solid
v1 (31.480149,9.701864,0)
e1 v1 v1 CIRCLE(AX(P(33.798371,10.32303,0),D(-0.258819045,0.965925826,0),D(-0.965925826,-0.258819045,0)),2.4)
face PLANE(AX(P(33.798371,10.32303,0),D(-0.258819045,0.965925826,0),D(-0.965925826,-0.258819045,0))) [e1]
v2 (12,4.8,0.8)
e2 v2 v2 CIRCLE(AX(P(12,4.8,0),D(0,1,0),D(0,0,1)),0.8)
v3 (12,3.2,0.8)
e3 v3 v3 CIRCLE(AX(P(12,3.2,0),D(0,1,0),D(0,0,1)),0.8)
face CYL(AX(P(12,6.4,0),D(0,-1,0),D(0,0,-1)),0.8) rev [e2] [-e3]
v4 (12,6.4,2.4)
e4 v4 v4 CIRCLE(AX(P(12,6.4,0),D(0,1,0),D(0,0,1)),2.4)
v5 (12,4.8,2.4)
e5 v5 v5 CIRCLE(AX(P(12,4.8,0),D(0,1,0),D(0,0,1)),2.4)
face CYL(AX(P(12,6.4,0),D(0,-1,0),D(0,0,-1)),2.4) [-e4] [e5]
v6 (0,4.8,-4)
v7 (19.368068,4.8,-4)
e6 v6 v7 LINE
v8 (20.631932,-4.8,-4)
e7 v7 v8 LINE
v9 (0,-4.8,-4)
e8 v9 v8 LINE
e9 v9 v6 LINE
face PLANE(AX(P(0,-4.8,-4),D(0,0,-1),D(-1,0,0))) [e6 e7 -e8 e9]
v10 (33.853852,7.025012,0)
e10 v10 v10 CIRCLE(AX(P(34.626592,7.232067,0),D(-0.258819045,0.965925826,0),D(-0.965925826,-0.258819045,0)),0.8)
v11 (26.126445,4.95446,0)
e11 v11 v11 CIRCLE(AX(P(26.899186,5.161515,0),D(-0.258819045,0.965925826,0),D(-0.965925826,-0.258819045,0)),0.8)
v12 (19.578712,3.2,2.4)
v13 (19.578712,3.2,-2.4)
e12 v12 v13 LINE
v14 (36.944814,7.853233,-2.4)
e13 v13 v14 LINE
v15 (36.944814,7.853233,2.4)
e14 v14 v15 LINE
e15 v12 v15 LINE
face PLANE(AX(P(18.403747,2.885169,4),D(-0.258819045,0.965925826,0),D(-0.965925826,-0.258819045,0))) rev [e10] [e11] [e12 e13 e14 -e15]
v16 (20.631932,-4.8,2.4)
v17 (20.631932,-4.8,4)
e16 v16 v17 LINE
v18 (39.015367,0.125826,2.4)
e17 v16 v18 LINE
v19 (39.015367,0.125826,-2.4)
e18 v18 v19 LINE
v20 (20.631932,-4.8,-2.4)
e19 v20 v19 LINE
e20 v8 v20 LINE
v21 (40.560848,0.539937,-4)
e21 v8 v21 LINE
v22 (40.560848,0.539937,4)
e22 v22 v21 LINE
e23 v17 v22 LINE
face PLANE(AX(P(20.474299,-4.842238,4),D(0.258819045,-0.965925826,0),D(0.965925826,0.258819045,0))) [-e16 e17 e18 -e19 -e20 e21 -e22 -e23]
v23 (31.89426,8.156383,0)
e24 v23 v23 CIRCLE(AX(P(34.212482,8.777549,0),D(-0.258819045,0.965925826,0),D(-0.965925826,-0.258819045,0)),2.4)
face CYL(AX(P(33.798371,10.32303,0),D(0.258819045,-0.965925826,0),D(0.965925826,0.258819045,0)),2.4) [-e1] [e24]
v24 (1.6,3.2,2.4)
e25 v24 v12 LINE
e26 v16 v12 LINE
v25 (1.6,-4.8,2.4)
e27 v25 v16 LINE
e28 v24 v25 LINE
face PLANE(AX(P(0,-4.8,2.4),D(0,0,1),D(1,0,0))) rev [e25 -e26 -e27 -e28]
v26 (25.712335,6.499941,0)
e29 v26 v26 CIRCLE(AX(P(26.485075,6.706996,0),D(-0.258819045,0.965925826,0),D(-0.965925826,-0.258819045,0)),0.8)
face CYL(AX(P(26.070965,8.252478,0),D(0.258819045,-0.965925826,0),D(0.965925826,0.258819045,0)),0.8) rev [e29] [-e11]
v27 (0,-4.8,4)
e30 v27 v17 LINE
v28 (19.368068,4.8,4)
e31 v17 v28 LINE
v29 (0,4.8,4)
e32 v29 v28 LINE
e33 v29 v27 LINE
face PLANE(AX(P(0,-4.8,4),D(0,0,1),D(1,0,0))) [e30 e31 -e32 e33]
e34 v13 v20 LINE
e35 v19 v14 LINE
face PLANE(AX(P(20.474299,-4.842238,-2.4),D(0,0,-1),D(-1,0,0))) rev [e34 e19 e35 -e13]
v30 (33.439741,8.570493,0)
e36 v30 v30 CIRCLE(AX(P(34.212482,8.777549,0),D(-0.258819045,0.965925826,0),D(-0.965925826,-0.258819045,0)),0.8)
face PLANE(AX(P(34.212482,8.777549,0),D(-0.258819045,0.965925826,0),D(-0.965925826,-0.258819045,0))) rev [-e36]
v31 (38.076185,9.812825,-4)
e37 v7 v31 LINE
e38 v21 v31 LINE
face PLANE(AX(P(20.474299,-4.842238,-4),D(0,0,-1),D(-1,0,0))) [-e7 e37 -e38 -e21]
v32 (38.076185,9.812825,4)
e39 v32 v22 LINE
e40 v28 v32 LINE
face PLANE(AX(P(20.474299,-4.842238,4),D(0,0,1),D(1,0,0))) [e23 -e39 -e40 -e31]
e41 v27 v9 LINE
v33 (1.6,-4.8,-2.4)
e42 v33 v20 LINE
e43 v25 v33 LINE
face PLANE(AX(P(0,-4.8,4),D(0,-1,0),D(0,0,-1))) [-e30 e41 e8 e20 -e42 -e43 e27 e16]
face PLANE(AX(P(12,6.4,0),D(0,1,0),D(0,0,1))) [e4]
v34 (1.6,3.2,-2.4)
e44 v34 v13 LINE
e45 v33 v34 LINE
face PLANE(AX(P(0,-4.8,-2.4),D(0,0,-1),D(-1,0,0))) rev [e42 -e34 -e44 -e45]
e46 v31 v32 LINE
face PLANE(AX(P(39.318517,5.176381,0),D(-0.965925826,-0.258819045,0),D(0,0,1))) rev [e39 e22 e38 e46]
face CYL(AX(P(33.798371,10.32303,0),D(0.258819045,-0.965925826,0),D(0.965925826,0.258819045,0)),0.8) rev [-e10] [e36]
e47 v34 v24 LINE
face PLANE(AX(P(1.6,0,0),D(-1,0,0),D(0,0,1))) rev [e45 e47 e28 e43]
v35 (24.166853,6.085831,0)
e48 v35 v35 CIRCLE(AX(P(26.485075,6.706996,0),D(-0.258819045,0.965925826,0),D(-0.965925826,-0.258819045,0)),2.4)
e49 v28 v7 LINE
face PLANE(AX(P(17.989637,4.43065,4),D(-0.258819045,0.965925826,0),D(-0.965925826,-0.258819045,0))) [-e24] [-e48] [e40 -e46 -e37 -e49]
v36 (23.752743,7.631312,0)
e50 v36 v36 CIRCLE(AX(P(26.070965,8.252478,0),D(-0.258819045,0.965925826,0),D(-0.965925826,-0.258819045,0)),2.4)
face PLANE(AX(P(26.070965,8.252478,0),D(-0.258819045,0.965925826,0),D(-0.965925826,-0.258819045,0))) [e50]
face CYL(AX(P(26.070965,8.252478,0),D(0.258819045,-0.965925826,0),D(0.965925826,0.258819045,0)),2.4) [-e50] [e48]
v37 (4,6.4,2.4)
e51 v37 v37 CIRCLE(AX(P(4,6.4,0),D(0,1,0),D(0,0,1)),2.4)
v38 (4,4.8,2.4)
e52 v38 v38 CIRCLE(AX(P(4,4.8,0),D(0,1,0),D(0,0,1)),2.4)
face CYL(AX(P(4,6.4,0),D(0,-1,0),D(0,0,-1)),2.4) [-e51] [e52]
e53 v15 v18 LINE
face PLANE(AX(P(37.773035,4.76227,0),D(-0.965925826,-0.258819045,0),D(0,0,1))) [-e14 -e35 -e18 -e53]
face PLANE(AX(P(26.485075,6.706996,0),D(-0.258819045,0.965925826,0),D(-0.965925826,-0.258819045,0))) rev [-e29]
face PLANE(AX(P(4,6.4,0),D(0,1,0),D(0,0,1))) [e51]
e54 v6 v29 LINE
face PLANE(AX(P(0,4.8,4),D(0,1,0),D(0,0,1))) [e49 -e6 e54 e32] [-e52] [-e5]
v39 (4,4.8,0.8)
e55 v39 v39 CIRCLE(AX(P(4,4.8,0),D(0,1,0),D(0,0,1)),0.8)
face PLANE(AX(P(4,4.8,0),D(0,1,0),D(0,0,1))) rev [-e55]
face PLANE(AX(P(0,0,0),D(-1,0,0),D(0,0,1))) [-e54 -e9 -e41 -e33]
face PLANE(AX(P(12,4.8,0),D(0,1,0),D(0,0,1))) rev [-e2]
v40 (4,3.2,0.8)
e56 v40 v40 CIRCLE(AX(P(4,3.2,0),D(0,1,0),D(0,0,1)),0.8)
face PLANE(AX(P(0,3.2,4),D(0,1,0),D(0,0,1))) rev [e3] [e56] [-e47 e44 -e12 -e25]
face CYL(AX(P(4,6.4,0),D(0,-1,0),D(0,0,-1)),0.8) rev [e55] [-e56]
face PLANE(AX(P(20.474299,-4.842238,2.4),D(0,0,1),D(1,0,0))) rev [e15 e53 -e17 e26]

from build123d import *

# Parameters (mm, degrees)
SKETCH2_W           = 8
SKETCH2_H           = 9.6
SKETCH4_R           = 2.4
BOSS_EXTRUDE1_DEPTH = 1.6
LPATTERN1_COUNT     = 2
LPATTERN1_PITCH     = 8
SKETCH5_R           = 2.4
BOSS_EXTRUDE2_DEPTH = 1.6
LPATTERN2_COUNT     = 2
LPATTERN2_PITCH     = 8
SHELL1_T            = -1.6


with BuildPart() as part:
    # Sweep1: sweep along a path in Sketch3
    with BuildLine(Plane.XY) as sweep1_path:
        Line((0, 0), (20, 0))
        Line((20, 0), (39.318516526, 5.176380902))
    # Sketch2 → Sweep1 (sweep)
    with BuildSketch(Plane(origin=(0, 0, 0), x_dir=(0, 0, -1), z_dir=(1, 0, 0))):
        Rectangle(SKETCH2_W, SKETCH2_H)
    sweep(path=sweep1_path.line, transition=Transition.RIGHT)

    # Sketch4 → Boss-Extrude1 (add)
    with BuildSketch(Plane(origin=(0, 4.8, 0), x_dir=(1, 0, 0), z_dir=(0, 1, 0))):
        with Locations(Location((4, 0, 0), (0, 0, 270))):
            Circle(SKETCH4_R)
    boss_extrude1 = extrude(amount=BOSS_EXTRUDE1_DEPTH)

    # LPattern1: Boss-Extrude1 ×2
    with Locations(*[(i * LPATTERN1_PITCH, 0, 0) for i in range(1, LPATTERN1_COUNT)]):
        add(boss_extrude1)

    # Sketch5 → Boss-Extrude2 (add)
    with BuildSketch(Plane(origin=(0.097414546, -0.363556034, 0), x_dir=(0.9659258262890681, 0.2588190451025216, 0), z_dir=(-0.2588190451025216, 0.9659258262890681, 0))):
        with Locations(Location((35.318516526, 0, 0), (0, 0, 180))):
            Circle(SKETCH5_R)
    boss_extrude2 = extrude(amount=BOSS_EXTRUDE2_DEPTH)

    # LPattern2: Boss-Extrude2 ×2
    with Locations(*[Vector(-0.9659258262890681, -0.2588190451025219, 0) * (i * LPATTERN2_PITCH) for i in range(1, LPATTERN2_COUNT)]):
        add(boss_extrude2)

    # Shell1
    shell1_openings = [part.faces().sort_by_distance(p)[0] for p in [
        (10.315965994, -4.8, 0),
        (30.596389965, -2.130031532, 0),
    ]]
    offset(amount=SHELL1_T, openings=shell1_openings, kind=Kind.INTERSECTION)


solid = part.part
